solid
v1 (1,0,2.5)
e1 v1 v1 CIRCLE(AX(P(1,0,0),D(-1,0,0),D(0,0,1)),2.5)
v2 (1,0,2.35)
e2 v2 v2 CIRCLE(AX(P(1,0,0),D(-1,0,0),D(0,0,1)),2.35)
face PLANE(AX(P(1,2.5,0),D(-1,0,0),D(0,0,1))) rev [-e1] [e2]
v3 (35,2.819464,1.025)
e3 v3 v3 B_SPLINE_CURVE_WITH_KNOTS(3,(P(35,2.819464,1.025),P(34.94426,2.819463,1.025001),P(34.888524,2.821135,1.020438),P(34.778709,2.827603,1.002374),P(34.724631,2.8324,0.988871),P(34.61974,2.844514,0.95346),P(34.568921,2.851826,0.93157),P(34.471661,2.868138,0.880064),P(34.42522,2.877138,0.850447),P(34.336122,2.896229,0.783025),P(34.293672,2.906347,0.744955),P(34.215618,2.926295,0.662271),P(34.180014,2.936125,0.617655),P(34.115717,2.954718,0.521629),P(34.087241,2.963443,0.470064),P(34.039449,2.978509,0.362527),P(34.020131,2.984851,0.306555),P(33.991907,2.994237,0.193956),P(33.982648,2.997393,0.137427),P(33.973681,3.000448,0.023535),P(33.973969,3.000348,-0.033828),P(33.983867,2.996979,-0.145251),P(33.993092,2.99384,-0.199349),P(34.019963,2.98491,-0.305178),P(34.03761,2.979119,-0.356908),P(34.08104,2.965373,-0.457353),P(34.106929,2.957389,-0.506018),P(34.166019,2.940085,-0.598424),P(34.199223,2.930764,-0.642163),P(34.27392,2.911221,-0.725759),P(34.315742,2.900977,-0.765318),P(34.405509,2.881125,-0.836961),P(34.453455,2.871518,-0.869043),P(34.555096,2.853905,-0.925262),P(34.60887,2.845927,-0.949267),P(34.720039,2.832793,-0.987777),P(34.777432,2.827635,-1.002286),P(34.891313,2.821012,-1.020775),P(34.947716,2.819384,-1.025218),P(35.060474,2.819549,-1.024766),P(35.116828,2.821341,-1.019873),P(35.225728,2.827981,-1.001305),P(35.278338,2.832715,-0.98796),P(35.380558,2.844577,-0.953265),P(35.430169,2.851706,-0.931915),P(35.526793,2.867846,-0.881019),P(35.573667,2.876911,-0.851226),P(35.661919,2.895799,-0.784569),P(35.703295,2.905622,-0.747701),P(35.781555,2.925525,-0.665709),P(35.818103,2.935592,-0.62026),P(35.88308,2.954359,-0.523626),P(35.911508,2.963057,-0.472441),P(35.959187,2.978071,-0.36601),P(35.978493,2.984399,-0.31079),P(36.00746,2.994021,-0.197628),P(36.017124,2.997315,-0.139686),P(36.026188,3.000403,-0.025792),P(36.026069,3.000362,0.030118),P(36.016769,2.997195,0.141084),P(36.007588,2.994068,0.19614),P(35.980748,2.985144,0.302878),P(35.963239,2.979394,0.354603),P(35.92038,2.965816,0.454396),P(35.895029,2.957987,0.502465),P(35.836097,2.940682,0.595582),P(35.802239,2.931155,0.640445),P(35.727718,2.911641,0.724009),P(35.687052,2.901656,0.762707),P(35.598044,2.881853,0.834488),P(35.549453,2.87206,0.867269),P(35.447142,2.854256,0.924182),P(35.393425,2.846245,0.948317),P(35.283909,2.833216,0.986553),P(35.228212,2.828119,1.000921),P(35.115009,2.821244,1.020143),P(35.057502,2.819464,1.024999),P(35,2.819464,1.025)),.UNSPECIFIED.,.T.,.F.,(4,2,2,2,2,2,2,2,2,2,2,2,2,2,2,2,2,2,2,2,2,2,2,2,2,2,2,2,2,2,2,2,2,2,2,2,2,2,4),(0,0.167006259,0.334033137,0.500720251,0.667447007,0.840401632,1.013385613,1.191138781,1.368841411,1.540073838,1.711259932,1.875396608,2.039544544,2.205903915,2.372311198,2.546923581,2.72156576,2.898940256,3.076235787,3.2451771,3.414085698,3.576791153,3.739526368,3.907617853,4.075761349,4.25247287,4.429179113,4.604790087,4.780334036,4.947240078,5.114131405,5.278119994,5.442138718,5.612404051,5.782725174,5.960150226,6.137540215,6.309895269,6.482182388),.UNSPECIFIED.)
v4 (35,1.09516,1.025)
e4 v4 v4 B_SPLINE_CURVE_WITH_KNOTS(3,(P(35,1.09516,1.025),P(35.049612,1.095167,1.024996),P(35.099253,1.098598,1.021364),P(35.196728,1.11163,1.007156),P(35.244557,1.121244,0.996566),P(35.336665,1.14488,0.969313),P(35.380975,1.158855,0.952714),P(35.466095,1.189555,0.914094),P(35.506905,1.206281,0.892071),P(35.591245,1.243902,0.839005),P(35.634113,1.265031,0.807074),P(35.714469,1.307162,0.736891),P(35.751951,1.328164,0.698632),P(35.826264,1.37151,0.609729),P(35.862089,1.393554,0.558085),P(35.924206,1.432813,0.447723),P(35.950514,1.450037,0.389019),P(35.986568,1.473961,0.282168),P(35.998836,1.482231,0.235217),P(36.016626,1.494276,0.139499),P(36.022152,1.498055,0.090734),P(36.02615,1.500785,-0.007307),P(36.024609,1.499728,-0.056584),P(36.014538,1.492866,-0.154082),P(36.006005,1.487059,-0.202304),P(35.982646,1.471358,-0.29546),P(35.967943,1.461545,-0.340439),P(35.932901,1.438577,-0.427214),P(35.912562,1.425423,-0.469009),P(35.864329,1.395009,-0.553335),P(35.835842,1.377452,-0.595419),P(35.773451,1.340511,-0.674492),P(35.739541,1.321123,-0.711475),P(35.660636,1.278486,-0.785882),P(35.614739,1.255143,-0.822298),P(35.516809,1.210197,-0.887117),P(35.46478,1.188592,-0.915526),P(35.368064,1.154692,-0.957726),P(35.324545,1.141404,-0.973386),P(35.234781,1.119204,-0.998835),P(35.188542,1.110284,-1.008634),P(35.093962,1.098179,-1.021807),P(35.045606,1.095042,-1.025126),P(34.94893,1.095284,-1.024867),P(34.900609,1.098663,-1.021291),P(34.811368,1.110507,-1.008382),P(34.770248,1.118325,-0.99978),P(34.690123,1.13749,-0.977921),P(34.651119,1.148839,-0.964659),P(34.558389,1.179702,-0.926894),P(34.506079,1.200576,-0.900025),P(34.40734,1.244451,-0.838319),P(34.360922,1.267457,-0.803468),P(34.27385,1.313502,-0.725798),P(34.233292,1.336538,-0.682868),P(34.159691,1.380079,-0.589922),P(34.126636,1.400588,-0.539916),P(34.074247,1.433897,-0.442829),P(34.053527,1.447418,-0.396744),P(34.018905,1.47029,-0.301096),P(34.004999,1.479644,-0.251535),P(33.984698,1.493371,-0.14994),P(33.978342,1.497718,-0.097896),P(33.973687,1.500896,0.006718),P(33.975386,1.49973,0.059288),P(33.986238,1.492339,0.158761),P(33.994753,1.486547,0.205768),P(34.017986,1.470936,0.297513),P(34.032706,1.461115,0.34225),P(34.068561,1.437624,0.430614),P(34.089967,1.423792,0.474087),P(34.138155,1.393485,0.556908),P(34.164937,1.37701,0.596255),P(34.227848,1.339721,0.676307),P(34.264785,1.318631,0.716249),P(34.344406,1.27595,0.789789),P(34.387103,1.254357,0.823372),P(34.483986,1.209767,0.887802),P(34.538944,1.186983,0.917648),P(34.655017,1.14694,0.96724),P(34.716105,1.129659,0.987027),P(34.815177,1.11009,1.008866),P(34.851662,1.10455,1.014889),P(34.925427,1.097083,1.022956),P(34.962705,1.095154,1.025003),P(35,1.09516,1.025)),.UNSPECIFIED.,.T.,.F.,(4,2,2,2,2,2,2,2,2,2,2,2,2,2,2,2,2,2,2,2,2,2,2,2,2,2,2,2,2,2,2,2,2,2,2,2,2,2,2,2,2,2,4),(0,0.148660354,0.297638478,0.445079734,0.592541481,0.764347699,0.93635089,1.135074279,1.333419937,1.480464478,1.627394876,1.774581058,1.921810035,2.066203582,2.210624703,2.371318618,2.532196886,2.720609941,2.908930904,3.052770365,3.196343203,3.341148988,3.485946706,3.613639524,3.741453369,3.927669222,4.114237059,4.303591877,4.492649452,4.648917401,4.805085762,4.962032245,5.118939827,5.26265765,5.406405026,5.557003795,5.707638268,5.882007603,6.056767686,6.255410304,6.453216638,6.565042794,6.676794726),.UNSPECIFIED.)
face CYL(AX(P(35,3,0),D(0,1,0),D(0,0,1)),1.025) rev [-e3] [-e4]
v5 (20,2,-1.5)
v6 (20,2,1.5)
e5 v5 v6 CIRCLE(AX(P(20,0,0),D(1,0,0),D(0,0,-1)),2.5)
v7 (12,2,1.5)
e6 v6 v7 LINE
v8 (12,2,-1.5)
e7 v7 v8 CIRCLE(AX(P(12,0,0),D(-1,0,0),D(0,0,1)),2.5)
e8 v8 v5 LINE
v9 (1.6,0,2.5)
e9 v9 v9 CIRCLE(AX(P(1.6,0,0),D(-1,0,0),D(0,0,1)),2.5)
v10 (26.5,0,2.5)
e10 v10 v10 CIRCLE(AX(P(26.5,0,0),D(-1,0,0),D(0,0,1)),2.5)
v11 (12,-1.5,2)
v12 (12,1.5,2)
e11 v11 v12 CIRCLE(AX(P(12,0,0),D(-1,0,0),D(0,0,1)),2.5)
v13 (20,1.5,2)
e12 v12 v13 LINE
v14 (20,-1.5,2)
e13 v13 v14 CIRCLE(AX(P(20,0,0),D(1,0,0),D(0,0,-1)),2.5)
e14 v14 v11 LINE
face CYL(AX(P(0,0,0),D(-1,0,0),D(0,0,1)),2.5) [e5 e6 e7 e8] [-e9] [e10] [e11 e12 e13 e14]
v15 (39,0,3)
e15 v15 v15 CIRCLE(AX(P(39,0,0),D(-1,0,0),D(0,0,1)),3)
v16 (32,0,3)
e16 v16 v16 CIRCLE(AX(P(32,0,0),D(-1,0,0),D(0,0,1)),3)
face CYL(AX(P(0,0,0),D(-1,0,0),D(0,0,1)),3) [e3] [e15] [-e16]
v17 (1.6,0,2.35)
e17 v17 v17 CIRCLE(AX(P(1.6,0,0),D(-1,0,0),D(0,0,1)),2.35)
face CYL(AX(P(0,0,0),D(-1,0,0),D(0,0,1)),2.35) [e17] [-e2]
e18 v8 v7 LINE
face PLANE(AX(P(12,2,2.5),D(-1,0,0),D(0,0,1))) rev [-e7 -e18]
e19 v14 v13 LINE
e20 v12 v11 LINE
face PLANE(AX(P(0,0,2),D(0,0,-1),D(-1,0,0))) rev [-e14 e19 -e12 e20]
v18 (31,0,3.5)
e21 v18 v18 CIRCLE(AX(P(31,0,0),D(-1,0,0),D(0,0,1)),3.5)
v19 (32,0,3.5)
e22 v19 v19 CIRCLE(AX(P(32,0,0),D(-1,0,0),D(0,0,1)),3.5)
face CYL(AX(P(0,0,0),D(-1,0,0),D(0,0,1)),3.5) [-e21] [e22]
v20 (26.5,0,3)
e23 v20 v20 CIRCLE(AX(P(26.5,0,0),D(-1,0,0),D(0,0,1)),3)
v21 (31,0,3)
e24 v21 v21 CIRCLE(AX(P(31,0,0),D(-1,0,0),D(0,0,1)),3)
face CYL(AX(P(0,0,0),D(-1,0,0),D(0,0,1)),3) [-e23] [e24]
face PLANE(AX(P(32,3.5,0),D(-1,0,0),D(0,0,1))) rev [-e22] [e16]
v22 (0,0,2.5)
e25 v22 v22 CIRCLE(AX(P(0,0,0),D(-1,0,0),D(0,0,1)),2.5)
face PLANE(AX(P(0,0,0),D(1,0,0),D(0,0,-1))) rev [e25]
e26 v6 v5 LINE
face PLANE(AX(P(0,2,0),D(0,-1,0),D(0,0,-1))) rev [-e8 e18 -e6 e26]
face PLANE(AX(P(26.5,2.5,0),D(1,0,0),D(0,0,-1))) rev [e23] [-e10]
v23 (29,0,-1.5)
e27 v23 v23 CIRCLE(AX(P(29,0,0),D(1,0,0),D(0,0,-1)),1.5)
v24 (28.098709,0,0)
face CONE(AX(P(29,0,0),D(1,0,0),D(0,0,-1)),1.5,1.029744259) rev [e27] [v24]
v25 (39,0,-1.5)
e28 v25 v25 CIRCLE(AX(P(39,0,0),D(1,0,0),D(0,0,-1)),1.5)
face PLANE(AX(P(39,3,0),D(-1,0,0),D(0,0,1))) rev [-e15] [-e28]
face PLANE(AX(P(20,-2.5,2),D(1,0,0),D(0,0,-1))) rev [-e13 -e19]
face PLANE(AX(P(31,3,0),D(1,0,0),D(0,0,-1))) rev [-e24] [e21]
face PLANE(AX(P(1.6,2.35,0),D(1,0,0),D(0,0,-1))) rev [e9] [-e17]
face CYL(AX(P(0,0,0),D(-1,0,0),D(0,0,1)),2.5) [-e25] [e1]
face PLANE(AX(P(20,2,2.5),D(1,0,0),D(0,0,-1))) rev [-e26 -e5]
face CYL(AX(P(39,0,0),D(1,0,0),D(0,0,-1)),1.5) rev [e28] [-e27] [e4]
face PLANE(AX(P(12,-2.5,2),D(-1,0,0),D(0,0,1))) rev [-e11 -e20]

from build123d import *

# Parameters (mm, degrees)
SKETCH_2_W               = 8
SKETCH_2_H               = 5
CUT_EXTRUDE_1_DEPTH      = 0.5
SKETCH_3_W               = 8
SKETCH_3_H               = 5
CUT_EXTRUDE_2_DEPTH      = 0.5
MM_1_D                   = 3
MM_1_DEPTH               = 10
MM_1_TIP                 = 0.901290929
HOLE_WIZARD_M2_5_1_D     = 2.05
HOLE_WIZARD_M2_5_1_DEPTH = 3
HOLE_WIZARD_M2_5_1_TIP   = 0.615882135


with BuildPart() as part:
    # 草图1 → 旋转1 (revolve)
    with BuildSketch(Plane.XY, mode=Mode.PRIVATE) as revolve_1_sk:
        Polygon((0, 0), (0, 2.5), (1, 2.5), (1, 2.35), (1.6, 2.35), (1.6, 2.5), (26.5, 2.5), (26.5, 3), (31, 3), (31, 3.5), (32, 3.5), (32, 3), (39, 3), (39, 0), align=None)
    revolve(revolve_1_sk.sketch.rotate(Axis((0, 0, 0), (1, 0, 0)), 90), axis=Axis((0, 0, 0), (1, 0, 0)))

    # 草图2 → 切除-拉伸1 (cut)
    with BuildSketch(Plane.XY.offset(2.5)):
        with Locations((16, 0)):
            Rectangle(SKETCH_2_W, SKETCH_2_H)
    extrude(amount=-CUT_EXTRUDE_1_DEPTH, mode=Mode.SUBTRACT)

    # 草图3 → 切除-拉伸2 (cut)
    with BuildSketch(Plane(origin=(0, 2.5, 0), x_dir=(1, 0, 0), z_dir=(0, 1, 0))):
        with Locations((16, 0)):
            Rectangle(SKETCH_3_W, SKETCH_3_H)
    extrude(amount=-CUT_EXTRUDE_2_DEPTH, mode=Mode.SUBTRACT)

    # 大小mm 暗销孔1
    with Locations(Plane(origin=(39, 0, 0), x_dir=(0, 0, 1), z_dir=(1, 0, 0))):
        with Locations((0, 0)):
            Hole(MM_1_D / 2, depth=MM_1_DEPTH)
            with Locations((0, 0, -(MM_1_DEPTH + MM_1_TIP / 2))):  # 118° drill point
                Cone(0, MM_1_D / 2, MM_1_TIP, mode=Mode.SUBTRACT)

    # M2.5 螺纹孔1
    with Locations(Plane(origin=(35, 3, 0), x_dir=(0, 0, 1), z_dir=(0, 1, 0))):
        with Locations((0, 0)):
            Hole(HOLE_WIZARD_M2_5_1_D / 2, depth=HOLE_WIZARD_M2_5_1_DEPTH)
            with Locations((0, 0, -(HOLE_WIZARD_M2_5_1_DEPTH + HOLE_WIZARD_M2_5_1_TIP / 2))):  # 118° drill point
                Cone(0, HOLE_WIZARD_M2_5_1_D / 2, HOLE_WIZARD_M2_5_1_TIP, mode=Mode.SUBTRACT)


solid = part.part
